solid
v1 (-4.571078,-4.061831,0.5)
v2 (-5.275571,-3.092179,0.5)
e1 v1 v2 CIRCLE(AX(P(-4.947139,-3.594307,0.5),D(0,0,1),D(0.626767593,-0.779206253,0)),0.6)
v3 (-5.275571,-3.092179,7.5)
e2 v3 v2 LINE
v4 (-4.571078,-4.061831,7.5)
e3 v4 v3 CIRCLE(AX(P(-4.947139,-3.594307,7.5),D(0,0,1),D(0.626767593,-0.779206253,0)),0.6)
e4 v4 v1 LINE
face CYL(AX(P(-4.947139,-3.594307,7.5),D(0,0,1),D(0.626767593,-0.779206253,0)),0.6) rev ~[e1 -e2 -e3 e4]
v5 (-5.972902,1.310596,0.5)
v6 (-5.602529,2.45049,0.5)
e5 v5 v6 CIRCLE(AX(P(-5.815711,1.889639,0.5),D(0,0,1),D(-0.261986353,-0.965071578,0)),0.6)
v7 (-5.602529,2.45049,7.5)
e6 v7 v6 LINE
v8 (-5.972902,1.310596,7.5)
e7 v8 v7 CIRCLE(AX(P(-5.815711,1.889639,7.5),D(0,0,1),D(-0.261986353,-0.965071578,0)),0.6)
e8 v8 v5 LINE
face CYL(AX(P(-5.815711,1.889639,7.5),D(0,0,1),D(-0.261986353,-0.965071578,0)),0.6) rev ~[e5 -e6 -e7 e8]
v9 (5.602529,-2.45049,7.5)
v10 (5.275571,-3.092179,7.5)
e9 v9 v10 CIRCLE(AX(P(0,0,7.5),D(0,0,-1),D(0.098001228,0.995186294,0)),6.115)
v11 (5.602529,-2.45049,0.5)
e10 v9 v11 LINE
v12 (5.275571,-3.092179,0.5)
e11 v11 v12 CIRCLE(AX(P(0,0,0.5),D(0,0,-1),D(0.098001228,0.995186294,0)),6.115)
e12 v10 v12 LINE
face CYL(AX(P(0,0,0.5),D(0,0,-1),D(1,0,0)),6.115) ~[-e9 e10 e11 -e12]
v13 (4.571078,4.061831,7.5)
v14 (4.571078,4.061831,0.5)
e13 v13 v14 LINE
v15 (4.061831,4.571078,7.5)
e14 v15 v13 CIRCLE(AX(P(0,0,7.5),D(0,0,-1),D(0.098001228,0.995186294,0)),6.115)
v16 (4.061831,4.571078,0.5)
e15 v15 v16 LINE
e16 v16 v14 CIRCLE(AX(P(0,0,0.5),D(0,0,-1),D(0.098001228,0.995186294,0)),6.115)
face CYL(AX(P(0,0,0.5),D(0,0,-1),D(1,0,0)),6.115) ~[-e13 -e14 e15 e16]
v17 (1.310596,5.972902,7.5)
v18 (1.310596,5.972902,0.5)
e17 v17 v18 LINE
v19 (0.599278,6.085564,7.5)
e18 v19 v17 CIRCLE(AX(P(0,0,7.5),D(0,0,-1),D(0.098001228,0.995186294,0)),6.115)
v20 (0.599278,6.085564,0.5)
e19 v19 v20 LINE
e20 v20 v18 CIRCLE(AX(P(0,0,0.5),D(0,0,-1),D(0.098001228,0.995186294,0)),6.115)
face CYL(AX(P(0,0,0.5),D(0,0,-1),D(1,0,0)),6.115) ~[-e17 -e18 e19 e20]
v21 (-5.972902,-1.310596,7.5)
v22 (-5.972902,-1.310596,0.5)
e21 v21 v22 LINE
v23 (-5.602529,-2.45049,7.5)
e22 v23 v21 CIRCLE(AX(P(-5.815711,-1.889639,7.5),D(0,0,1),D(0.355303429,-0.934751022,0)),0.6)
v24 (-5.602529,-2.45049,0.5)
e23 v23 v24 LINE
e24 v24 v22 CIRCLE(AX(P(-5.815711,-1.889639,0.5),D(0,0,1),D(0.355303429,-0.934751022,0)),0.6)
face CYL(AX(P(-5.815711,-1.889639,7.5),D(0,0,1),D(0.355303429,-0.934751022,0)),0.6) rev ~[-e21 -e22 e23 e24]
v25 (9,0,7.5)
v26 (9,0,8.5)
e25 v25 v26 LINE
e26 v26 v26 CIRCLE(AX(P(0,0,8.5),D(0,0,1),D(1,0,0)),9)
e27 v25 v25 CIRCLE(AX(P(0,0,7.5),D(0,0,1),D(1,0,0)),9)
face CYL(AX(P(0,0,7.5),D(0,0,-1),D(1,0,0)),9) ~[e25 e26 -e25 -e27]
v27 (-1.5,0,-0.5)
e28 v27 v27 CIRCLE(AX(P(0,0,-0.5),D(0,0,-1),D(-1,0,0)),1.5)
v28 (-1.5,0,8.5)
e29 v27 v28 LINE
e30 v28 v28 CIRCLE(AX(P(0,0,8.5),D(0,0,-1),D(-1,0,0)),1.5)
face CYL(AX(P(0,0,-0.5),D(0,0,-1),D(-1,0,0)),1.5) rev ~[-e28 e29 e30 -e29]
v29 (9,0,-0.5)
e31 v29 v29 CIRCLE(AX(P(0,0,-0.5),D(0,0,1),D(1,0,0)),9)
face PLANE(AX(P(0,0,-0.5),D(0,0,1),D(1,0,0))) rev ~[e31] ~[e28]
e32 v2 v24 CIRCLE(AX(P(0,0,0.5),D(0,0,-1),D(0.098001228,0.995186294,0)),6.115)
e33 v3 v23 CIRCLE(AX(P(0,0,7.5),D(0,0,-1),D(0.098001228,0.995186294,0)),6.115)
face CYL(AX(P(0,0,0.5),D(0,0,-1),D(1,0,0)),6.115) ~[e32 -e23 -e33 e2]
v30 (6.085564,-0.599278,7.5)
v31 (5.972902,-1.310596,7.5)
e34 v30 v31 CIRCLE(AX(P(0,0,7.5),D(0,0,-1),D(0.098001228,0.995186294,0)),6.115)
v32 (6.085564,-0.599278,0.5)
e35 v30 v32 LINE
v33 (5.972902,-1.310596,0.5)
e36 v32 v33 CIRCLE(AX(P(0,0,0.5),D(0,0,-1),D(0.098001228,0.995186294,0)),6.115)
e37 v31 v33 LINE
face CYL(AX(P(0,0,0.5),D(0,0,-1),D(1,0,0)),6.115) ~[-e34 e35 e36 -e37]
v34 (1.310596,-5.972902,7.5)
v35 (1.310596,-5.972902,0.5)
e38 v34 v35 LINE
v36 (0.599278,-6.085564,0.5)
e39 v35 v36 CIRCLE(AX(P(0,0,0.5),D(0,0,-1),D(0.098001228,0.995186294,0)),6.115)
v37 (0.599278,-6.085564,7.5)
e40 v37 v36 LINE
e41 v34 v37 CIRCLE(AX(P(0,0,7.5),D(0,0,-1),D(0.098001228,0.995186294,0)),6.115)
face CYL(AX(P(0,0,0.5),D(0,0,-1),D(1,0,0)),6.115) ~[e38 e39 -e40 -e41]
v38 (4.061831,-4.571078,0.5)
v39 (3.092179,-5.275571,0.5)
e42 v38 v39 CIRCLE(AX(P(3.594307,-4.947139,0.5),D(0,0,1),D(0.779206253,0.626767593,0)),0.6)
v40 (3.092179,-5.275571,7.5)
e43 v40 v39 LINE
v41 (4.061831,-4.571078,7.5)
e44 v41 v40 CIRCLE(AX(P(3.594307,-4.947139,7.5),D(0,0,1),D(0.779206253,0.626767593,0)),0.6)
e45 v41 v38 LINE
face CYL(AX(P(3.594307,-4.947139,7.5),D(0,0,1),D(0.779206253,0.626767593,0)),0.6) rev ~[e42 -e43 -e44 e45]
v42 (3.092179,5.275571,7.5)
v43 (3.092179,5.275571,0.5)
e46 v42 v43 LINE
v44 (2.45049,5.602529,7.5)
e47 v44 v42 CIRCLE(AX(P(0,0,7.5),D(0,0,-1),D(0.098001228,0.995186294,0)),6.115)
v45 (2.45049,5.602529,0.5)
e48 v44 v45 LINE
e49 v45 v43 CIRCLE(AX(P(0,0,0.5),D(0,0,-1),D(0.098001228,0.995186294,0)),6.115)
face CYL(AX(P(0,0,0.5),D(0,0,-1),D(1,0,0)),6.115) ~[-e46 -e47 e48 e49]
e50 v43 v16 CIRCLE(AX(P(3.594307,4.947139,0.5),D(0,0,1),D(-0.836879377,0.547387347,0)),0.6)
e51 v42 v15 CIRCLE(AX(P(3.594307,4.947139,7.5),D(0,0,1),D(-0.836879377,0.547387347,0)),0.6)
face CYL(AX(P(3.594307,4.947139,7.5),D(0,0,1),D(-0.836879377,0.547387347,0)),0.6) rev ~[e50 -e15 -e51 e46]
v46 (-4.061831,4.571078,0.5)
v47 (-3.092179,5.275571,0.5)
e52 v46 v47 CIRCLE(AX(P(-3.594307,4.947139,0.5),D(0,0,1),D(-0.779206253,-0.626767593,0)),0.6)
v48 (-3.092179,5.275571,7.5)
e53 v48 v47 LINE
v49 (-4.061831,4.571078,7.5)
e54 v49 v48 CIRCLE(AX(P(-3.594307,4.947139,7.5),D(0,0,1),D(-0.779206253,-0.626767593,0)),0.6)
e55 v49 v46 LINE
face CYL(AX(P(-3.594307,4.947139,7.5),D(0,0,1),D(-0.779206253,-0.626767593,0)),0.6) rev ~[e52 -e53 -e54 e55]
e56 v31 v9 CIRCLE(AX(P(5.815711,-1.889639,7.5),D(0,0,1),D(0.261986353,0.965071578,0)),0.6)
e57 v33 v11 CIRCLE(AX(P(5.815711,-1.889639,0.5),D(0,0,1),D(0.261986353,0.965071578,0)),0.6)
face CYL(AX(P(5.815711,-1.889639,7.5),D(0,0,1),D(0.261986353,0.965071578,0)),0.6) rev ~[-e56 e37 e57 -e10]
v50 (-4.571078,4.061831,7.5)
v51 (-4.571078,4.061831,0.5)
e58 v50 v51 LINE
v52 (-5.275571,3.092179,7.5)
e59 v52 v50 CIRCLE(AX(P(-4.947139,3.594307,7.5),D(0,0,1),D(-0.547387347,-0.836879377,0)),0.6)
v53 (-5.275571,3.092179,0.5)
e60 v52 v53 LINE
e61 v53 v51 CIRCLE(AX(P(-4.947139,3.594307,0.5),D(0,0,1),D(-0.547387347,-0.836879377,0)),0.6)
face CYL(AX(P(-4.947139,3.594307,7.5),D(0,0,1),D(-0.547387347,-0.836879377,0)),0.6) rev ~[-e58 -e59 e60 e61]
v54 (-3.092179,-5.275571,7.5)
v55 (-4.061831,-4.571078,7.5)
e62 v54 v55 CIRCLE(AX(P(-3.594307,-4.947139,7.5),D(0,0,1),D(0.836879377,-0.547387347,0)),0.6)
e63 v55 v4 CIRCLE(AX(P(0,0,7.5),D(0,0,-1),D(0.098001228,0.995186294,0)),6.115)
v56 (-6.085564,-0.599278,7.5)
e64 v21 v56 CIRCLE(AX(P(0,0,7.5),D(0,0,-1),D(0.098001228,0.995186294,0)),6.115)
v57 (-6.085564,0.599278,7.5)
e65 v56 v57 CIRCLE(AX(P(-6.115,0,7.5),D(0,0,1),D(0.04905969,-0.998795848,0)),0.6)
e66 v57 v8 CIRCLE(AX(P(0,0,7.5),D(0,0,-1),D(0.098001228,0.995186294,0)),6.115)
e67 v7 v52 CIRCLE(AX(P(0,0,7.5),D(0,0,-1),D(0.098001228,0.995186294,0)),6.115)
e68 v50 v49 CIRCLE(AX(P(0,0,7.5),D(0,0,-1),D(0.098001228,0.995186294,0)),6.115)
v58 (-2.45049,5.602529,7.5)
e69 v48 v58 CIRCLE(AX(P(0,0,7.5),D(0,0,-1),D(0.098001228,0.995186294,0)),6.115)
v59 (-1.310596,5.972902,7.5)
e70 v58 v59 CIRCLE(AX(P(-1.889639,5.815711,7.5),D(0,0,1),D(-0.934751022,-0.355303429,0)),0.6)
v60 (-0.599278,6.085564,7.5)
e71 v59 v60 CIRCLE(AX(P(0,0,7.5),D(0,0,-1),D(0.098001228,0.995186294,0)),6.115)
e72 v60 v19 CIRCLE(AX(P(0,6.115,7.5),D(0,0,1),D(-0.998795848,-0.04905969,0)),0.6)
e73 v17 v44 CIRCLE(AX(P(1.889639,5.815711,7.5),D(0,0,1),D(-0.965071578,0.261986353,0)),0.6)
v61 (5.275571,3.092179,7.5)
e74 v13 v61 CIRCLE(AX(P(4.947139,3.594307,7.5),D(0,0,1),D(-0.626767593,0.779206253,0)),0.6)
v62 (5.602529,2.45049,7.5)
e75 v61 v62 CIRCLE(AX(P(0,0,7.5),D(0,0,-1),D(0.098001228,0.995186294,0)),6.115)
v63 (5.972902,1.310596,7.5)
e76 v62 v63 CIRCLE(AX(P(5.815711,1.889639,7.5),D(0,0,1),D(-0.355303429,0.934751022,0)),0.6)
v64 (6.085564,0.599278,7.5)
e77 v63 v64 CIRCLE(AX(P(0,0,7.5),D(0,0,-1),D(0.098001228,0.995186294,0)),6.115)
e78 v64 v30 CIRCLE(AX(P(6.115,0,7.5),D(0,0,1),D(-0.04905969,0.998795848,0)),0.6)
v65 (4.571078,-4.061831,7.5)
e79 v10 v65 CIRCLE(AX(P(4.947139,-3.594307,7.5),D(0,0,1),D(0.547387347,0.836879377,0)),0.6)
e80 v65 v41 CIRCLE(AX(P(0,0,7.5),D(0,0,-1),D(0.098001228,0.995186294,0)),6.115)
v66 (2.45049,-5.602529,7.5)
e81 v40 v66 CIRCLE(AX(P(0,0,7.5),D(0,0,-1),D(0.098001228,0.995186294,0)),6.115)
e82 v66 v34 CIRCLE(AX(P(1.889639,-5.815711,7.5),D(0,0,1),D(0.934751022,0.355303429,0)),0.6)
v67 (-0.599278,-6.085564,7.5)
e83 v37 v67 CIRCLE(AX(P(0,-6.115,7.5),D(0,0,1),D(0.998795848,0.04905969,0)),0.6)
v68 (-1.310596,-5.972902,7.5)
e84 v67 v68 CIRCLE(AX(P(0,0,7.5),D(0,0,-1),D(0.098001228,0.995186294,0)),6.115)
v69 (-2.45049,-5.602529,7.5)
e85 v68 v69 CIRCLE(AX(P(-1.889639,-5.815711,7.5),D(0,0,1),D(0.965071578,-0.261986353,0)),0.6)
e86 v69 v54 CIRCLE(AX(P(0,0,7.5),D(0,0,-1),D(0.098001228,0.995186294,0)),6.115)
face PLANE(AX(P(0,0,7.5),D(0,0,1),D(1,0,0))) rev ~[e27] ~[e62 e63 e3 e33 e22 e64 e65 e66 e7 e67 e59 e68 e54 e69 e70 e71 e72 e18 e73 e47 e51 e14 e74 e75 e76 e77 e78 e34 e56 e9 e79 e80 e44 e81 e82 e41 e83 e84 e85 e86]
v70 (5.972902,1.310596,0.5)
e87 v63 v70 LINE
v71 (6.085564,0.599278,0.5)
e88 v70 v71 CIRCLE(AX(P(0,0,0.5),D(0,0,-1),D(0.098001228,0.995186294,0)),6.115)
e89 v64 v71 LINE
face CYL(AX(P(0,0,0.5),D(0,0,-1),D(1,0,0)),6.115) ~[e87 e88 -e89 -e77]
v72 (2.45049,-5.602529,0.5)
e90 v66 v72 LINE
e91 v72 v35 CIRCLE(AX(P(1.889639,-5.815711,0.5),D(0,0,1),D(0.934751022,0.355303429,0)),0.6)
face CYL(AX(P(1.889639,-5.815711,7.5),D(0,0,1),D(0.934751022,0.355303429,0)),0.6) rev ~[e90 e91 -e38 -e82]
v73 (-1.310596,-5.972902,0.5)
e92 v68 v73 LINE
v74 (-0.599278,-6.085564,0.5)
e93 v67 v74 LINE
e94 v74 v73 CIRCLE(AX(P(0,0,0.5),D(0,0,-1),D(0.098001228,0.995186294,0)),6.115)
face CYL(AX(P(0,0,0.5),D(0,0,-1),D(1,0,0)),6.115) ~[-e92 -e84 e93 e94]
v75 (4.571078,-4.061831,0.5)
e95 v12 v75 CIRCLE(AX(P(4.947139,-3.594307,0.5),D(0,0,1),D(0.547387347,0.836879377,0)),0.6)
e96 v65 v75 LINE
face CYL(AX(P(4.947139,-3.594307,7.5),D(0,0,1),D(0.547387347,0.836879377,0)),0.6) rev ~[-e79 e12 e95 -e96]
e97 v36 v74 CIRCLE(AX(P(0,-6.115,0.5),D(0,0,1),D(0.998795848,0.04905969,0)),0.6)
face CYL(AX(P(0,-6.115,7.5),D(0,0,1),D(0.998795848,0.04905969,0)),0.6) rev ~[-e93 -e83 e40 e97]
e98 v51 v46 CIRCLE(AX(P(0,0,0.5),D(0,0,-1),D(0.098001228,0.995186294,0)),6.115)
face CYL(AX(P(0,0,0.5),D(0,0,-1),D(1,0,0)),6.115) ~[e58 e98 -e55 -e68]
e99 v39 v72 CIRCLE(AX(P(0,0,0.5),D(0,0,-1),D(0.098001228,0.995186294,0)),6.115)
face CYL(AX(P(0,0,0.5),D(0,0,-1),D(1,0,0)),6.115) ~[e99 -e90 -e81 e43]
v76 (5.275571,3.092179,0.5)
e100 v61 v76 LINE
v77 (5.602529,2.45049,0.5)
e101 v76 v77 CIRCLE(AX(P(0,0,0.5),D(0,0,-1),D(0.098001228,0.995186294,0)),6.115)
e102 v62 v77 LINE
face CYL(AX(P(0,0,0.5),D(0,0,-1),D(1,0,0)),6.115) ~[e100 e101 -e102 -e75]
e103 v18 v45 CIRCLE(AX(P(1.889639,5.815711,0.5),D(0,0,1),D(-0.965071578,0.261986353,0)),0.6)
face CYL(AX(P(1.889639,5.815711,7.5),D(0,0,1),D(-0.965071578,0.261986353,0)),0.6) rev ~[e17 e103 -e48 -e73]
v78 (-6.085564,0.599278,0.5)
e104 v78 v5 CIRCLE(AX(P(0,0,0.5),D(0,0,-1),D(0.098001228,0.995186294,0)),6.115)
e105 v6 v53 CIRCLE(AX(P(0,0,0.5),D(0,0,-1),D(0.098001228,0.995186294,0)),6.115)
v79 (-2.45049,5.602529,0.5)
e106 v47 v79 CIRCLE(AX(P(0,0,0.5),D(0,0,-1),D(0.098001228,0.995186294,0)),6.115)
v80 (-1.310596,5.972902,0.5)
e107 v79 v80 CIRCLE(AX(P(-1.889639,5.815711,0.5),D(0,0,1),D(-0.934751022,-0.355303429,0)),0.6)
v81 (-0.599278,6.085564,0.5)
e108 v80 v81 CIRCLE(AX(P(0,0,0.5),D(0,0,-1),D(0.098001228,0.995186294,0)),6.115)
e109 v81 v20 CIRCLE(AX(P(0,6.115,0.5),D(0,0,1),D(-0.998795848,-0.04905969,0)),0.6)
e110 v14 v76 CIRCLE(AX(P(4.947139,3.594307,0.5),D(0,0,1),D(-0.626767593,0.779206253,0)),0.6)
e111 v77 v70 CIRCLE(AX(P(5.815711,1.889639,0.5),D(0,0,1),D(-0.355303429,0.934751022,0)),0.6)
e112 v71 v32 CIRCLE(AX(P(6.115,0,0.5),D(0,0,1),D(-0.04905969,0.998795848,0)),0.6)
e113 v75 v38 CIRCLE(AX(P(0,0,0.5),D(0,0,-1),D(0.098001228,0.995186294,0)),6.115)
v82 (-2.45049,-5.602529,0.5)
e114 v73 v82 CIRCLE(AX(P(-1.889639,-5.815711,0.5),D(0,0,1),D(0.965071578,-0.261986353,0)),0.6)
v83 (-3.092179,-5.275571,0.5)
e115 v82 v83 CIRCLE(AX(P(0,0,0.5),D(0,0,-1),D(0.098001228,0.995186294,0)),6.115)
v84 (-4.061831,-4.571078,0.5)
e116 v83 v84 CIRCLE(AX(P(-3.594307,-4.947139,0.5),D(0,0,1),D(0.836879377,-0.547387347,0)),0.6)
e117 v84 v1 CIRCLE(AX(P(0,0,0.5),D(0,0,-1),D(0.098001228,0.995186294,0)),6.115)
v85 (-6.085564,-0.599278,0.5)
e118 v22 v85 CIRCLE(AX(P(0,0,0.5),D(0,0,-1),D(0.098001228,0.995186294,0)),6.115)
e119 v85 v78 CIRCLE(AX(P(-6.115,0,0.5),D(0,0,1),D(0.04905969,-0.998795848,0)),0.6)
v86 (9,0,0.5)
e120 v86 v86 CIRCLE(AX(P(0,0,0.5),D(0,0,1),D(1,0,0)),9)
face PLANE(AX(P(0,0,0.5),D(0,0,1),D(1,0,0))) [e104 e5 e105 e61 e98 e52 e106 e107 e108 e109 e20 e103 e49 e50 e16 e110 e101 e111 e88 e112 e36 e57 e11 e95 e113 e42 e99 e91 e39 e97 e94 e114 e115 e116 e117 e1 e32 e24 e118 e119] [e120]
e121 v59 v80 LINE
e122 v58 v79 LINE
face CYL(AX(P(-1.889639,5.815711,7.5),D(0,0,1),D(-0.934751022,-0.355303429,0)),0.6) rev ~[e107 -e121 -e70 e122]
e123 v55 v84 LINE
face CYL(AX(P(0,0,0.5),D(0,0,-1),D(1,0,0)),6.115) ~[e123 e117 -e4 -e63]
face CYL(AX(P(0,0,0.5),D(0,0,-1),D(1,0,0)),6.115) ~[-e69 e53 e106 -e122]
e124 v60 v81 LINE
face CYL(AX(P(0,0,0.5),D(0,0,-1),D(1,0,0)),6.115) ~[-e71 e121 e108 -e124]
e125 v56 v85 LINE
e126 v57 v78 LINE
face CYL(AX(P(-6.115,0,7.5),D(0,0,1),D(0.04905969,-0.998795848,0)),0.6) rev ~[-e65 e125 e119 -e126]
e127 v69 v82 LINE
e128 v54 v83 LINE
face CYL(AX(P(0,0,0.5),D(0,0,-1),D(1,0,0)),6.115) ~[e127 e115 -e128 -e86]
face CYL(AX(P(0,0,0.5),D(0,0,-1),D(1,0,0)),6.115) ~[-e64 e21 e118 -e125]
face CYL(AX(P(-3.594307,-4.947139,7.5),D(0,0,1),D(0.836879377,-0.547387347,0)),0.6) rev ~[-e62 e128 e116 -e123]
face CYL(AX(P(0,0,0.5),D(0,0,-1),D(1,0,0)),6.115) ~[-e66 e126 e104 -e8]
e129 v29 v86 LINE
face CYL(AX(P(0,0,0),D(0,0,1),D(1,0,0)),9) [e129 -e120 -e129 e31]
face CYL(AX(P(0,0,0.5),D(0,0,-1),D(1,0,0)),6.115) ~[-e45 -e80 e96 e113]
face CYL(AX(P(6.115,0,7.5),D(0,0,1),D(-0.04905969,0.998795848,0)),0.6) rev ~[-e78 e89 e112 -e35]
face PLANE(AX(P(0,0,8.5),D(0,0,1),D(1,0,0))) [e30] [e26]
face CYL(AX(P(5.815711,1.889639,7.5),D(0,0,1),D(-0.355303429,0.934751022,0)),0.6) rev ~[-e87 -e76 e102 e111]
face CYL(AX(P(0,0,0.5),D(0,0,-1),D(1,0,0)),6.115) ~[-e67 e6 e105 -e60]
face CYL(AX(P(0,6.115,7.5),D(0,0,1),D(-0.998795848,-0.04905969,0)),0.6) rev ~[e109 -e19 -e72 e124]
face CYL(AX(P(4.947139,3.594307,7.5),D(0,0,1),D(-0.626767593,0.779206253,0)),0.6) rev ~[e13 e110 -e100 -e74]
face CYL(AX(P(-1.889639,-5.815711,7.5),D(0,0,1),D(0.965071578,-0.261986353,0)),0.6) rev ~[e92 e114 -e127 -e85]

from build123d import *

# Parameters (mm, degrees)
SKETCH_1_R               = 9
EXTRUDE_1_DEPTH          = 0.5
SKETCH_2_R               = 6.115
EXTRUDE_2_DEPTH          = 7
CUT_EXTRUDE_3_DEPTH      = 7
SKETCH_3_R               = 9
EXTRUDE_3_DEPTH          = 1
SKETCH_6_R               = 1.5
CUT_EXTRUDE_2_DEPTH      = 10
PATTERN_CIRCULAR_2_COUNT = 20


with BuildPart() as part:
    # 草圖1 → 填料-伸長1 (new body, symmetric)
    with BuildSketch(Plane.XY):
        Circle(SKETCH_1_R)
    extrude(amount=EXTRUDE_1_DEPTH, both=True)

    # 草圖2 → 填料-伸長2 (add)
    with BuildSketch(Plane.XY.offset(0.5)):
        Circle(SKETCH_2_R)
    extrude(amount=EXTRUDE_2_DEPTH)

    # 草圖7 → 除料-伸長3 (cut)
    with BuildSketch(Plane.XY.offset(7.5)):
        with BuildLine():
            ThreePointArc((-0.599277509, 6.085564186), (0, 5.515), (0.599277509, 6.085564186))
            ThreePointArc((0.599277509, 6.085564186), (0, 6.115), (-0.599277509, 6.085564186))
        make_face()
    cut_extrude_3 = extrude(amount=-CUT_EXTRUDE_3_DEPTH, mode=Mode.SUBTRACT)

    # 草圖3 → 填料-伸長3 (add)
    with BuildSketch(Plane.XY.offset(7.5)):
        Circle(SKETCH_3_R)
    extrude(amount=EXTRUDE_3_DEPTH)

    # 草圖6 → 除料-伸長2 (cut, through all)
    with BuildSketch(Plane(origin=(0, 0, -0.5), x_dir=(-1, 0, 0), z_dir=(0, 0, -1))):
        Circle(SKETCH_6_R)
    extrude(amount=-CUT_EXTRUDE_2_DEPTH, mode=Mode.SUBTRACT)

    # 環狀複製排列2: 除料-伸長3 ×20 about axis
    pattern_circular_2_axis = Axis((0, 0, 0), (0, 0, 1))
    for i in range(1, PATTERN_CIRCULAR_2_COUNT):
        add(cut_extrude_3.rotate(pattern_circular_2_axis, i * 360 / PATTERN_CIRCULAR_2_COUNT), mode=Mode.SUBTRACT)


solid = part.part
